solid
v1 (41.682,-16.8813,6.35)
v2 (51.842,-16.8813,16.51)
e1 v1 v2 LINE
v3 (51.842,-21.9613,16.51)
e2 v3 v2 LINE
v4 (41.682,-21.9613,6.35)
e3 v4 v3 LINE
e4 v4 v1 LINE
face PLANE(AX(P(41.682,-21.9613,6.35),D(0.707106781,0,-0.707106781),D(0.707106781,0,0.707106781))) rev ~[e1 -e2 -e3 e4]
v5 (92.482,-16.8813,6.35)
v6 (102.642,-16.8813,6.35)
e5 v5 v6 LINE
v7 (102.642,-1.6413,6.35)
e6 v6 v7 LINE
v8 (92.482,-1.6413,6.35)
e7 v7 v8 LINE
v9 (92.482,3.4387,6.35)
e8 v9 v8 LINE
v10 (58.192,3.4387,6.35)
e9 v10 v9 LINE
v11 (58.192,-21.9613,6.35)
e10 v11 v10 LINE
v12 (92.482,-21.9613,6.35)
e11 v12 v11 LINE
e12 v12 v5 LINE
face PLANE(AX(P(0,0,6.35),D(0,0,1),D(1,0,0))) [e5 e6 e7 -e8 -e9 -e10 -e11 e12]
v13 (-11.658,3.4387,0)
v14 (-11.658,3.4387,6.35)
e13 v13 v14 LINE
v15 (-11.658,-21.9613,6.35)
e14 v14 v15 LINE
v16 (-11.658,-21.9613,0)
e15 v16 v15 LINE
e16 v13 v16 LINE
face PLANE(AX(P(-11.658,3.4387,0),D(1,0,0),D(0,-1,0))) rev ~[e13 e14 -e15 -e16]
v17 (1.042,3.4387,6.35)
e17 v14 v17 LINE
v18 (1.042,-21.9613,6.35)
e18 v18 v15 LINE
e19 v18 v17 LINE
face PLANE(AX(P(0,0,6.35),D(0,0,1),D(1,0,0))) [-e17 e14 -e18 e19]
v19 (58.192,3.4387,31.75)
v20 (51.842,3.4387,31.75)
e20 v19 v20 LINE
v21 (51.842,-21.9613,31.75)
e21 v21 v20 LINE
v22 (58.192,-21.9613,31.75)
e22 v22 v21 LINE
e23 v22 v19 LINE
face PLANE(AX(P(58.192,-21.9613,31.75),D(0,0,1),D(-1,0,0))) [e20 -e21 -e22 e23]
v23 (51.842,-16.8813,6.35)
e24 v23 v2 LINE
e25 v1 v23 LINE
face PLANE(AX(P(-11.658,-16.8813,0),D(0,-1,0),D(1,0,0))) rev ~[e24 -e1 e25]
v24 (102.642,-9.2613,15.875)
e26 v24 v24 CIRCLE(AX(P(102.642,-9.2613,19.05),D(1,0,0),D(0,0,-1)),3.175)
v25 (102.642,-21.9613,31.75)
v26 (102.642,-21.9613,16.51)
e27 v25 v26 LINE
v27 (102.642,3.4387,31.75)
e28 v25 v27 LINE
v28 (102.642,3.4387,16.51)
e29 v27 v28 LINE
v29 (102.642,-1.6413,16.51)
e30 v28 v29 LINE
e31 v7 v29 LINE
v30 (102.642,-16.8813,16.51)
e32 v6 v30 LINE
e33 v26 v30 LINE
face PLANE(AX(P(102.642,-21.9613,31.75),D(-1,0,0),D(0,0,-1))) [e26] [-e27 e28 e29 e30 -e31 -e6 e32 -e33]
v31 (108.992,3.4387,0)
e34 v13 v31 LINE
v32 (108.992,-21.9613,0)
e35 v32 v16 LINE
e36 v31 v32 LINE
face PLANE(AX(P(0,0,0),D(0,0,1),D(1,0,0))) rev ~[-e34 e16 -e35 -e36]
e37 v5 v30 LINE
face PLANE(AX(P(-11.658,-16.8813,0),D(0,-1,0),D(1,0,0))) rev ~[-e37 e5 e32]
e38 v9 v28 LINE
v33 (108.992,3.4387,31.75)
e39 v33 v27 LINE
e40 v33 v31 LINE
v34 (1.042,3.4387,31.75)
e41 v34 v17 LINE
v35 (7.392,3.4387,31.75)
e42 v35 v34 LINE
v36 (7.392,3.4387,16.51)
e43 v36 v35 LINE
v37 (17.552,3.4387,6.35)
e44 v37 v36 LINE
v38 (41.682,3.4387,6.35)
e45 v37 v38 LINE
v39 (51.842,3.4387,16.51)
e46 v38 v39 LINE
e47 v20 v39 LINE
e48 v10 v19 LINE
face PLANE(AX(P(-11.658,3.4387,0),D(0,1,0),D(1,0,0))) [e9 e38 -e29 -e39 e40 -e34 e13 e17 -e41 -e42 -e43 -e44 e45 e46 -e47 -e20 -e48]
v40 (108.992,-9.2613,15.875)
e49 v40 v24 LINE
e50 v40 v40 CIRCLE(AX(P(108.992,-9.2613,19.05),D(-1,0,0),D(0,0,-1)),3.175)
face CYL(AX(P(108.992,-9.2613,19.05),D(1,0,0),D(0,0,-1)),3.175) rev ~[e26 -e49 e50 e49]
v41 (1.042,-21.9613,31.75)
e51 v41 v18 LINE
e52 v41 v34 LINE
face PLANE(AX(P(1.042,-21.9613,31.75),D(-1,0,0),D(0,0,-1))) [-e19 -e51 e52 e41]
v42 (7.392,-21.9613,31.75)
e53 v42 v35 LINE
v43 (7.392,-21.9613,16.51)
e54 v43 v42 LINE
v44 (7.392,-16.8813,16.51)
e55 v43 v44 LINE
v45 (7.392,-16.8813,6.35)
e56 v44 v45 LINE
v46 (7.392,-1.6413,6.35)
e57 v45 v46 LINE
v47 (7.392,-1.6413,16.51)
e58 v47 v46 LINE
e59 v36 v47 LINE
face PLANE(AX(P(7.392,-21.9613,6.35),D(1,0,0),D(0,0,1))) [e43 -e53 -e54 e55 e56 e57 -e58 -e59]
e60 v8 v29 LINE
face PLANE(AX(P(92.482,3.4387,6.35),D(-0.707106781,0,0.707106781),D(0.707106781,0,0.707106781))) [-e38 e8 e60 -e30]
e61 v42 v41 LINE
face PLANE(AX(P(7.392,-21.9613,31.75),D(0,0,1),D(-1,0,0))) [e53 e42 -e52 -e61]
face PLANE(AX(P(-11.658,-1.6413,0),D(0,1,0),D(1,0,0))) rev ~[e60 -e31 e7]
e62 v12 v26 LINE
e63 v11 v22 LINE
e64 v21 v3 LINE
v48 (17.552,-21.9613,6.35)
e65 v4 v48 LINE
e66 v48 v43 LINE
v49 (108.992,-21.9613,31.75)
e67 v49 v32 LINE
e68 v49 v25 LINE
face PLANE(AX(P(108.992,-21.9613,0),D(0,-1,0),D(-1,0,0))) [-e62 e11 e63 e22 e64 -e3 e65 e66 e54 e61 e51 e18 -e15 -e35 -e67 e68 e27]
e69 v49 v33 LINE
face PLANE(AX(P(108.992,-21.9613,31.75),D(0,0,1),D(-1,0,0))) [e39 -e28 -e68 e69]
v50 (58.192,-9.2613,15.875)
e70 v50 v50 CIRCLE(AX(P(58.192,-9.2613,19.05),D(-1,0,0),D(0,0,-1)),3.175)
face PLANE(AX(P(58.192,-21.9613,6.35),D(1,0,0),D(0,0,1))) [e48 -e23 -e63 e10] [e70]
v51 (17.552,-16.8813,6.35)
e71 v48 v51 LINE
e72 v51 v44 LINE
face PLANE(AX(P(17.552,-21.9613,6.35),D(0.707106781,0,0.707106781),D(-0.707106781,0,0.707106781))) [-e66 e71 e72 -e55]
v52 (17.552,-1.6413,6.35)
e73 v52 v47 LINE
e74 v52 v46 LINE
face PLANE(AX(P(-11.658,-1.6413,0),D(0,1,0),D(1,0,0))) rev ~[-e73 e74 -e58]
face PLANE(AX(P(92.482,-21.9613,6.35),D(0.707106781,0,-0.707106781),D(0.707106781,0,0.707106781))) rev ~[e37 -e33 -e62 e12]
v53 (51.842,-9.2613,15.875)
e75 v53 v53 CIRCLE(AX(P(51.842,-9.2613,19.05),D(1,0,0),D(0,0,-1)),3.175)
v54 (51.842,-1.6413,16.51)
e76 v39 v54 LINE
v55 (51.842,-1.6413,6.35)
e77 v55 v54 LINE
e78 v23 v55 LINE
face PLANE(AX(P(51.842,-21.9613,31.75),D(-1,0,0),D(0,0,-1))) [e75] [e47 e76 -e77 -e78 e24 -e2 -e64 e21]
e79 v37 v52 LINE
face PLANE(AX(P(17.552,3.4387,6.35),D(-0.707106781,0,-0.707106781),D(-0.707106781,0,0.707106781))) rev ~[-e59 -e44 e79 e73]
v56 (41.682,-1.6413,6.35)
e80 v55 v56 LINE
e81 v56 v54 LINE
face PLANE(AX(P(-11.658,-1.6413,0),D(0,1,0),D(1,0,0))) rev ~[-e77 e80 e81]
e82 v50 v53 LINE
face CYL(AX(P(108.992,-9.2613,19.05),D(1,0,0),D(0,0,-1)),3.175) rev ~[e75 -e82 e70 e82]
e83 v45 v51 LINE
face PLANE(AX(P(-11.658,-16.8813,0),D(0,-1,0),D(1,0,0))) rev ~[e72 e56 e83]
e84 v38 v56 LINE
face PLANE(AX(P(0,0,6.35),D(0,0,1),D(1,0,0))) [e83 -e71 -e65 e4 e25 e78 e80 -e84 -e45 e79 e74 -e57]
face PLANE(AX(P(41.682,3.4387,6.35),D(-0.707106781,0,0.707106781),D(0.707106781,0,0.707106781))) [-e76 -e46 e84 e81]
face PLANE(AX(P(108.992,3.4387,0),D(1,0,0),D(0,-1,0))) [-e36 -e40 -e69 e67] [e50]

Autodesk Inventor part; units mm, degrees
ref_plane "YZ Plane" through (0, 0, 0) normal (1, 0, 0) x (0, 1, 0)
ref_plane "XZ Plane" through (0, 0, 0) normal (0, 1, 0) x (-1, 0, 0)
ref_plane "XY Plane" through (0, 0, 0) normal (0, 0, 1) x (1, 0, 0)
sketch "Sketch1" plane through (0, 0, 0) normal (0, 0, 1) x (1, 0, 0)
  line L0 (-11.658, 3.4387) -> (-11.658, -21.9613)
  line L1 (-11.658, 3.4387) -> (108.992, 3.4387)
  line L2 (108.992, 3.4387) -> (108.992, -21.9613)
  line L3 (108.992, -21.9613) -> (-11.658, -21.9613)
  point P0 (0, 0)
  dimension "d0" = 25.4
  dimension "d1" = 120.65
  dimension "d2" = 25.4
extrude "Extrusion1" add sketch "Sketch1" along normal blind 6.35
ref_plane "Work Plane1" through (-11.658, -21.9613, 6.35) normal (0, 1, 0) x (1, 0, 0)
sketch "Sketch3" plane through (-11.658, -21.9613, 6.35) normal (0, 1, 0) x (1, 0, 0)
  line L0 (0, 0) -> (120.65, 0) projected
  line L1 (120.65, -25.4) -> (0, -25.4) projected
  line L2 (120.65, 0) -> (120.65, -25.4) projected
  line L3 (0, -25.4) -> (12.7, -25.4)
  line L4 (12.7, -25.4) -> (12.7, 0)
  line L5 (12.7, 0) -> (19.05, 0)
  line L6 (19.05, 0) -> (19.05, -25.4)
  line L7 (19.05, -25.4) -> (12.7, -25.4)
  line L8 (19.05, -25.4) -> (63.5, -25.4)
  line L9 (63.5, -25.4) -> (63.5, 0)
  line L10 (63.5, 0) -> (69.85, 0)
  line L11 (69.85, 0) -> (69.85, -25.4)
  line L12 (69.85, -25.4) -> (63.5, -25.4)
  line L13 (69.85, -25.4) -> (114.3, -25.4)
  line L14 (114.3, -25.4) -> (114.3, 0)
  line L15 (120.65, 0) -> (114.3, 0)
  line L16 (120.65, 0) -> (120.65, -25.4)
  line L17 (114.3, -25.4) -> (120.65, -25.4)
  point P0 (11.658, 6.35)
  dimension "d8" = 12.7
  dimension "d9" = 6.35
  dimension "d10" = 25.4
  dimension "d11" = 44.45
  dimension "d12" = 6.35
  dimension "d13" = 25.4
  dimension "d14" = 44.45
extrude "Extrusion3" add sketch "Sketch3" along normal blind 25.4 contours L0 L6 L1 L4 | L0 L11 L1 L9 | L0 L2 L1 L14
ref_plane "Work Plane2" through (7.392, -21.9613, 31.75) normal (1, 0, 0) x (0, 0, -1)
sketch "Sketch4" plane through (7.392, -21.9613, 31.75) normal (1, 0, 0) x (0, 0, -1)
  line L0 (25.4, 0) -> (0, 0) projected
  line L1 (25.4, 25.4) -> (25.4, 0) projected
  line L2 (0, 25.4) -> (25.4, 25.4) projected
  line L3 (0, 0) -> (0, 25.4) projected
  point P0 (31.75, 21.9613)
sketch "Sketch5" plane through (108.992, -21.9613, 0) normal (1, 0, 0) x (0, 0, -1)
  line L0 (-31.75, 0) -> (-31.75, 31.75) projected
  line L1 (-31.75, 31.75) -> (-31.75, 12.7)
  line L2 (-31.75, 12.7) -> (-19.05, 12.7)
  circle A0 centre (-19.05, 12.7) radius 3.175
  point P0 (0, 21.9613)
  dimension "d17" = 19.05
  dimension "d18" = 12.7
  dimension "d19" = 6.35
extrude "Extrusion4" cut sketch "Sketch5" against normal blind 76.2
sketch "Sketch6" plane through (-11.658, -21.9613, 0) normal (0, -1, 0) x (1, 0, 0)
  line L0 (114.3, 6.35) -> (114.3, 31.75) projected
  line L1 (69.85, 6.35) -> (114.3, 6.35) projected
  line L2 (63.5, 6.35) -> (63.5, 31.75) projected
  line L3 (19.05, 6.35) -> (63.5, 6.35) projected
  line L4 (19.05, 31.75) -> (19.05, 6.35) projected
  line L5 (19.05, 6.35) -> (19.05, 16.51)
  line L6 (19.05, 6.35) -> (29.21, 6.35)
  line L7 (29.21, 6.35) -> (19.05, 16.51)
  line L8 (63.5, 6.35) -> (53.34, 6.35)
  line L9 (53.34, 6.35) -> (63.5, 16.51)
  line L10 (63.5, 6.35) -> (63.5, 16.51)
  line L11 (114.3, 6.35) -> (104.14, 6.35)
  line L12 (104.14, 6.35) -> (114.3, 16.51)
  line L13 (114.3, 6.35) -> (114.3, 16.51)
  point P0 (11.658, 0)
  dimension "d22" = 10.16
  dimension "d23" = 10.16
  dimension "d24" = 10.16
  dimension "d25" = 10.16
extrude "Extrusion5" add sketch "Sketch6" against normal blind 5.08
sketch "Sketch7" plane through (-11.658, 3.4387, 0) normal (0, 1, 0) x (1, 0, 0)
  line L0 (19.05, -31.75) -> (19.05, -6.35) projected
  line L1 (63.5, -6.35) -> (19.05, -6.35) projected
  line L2 (63.5, -6.35) -> (63.5, -31.75) projected
  line L3 (19.05, -6.35) -> (19.05, -16.51)
  line L4 (19.05, -6.35) -> (29.21, -6.35)
  line L5 (29.21, -6.35) -> (19.05, -16.51)
  line L6 (63.5, -6.35) -> (53.34, -6.35)
  line L7 (53.34, -6.35) -> (63.5, -16.51)
  line L8 (63.5, -6.35) -> (63.5, -16.51)
  line L9 (114.3, -6.35) -> (104.14, -6.35)
  line L10 (104.14, -6.35) -> (114.3, -16.51)
  line L11 (114.3, -6.35) -> (114.3, -16.51)
  point P0 (11.658, 0)
  dimension "d28" = 10.16
  dimension "d29" = 10.16
  dimension "d30" = 10.16
  dimension "d31" = 10.16
extrude "Extrusion6" add sketch "Sketch7" against normal blind 5.08
properties part number "side"
